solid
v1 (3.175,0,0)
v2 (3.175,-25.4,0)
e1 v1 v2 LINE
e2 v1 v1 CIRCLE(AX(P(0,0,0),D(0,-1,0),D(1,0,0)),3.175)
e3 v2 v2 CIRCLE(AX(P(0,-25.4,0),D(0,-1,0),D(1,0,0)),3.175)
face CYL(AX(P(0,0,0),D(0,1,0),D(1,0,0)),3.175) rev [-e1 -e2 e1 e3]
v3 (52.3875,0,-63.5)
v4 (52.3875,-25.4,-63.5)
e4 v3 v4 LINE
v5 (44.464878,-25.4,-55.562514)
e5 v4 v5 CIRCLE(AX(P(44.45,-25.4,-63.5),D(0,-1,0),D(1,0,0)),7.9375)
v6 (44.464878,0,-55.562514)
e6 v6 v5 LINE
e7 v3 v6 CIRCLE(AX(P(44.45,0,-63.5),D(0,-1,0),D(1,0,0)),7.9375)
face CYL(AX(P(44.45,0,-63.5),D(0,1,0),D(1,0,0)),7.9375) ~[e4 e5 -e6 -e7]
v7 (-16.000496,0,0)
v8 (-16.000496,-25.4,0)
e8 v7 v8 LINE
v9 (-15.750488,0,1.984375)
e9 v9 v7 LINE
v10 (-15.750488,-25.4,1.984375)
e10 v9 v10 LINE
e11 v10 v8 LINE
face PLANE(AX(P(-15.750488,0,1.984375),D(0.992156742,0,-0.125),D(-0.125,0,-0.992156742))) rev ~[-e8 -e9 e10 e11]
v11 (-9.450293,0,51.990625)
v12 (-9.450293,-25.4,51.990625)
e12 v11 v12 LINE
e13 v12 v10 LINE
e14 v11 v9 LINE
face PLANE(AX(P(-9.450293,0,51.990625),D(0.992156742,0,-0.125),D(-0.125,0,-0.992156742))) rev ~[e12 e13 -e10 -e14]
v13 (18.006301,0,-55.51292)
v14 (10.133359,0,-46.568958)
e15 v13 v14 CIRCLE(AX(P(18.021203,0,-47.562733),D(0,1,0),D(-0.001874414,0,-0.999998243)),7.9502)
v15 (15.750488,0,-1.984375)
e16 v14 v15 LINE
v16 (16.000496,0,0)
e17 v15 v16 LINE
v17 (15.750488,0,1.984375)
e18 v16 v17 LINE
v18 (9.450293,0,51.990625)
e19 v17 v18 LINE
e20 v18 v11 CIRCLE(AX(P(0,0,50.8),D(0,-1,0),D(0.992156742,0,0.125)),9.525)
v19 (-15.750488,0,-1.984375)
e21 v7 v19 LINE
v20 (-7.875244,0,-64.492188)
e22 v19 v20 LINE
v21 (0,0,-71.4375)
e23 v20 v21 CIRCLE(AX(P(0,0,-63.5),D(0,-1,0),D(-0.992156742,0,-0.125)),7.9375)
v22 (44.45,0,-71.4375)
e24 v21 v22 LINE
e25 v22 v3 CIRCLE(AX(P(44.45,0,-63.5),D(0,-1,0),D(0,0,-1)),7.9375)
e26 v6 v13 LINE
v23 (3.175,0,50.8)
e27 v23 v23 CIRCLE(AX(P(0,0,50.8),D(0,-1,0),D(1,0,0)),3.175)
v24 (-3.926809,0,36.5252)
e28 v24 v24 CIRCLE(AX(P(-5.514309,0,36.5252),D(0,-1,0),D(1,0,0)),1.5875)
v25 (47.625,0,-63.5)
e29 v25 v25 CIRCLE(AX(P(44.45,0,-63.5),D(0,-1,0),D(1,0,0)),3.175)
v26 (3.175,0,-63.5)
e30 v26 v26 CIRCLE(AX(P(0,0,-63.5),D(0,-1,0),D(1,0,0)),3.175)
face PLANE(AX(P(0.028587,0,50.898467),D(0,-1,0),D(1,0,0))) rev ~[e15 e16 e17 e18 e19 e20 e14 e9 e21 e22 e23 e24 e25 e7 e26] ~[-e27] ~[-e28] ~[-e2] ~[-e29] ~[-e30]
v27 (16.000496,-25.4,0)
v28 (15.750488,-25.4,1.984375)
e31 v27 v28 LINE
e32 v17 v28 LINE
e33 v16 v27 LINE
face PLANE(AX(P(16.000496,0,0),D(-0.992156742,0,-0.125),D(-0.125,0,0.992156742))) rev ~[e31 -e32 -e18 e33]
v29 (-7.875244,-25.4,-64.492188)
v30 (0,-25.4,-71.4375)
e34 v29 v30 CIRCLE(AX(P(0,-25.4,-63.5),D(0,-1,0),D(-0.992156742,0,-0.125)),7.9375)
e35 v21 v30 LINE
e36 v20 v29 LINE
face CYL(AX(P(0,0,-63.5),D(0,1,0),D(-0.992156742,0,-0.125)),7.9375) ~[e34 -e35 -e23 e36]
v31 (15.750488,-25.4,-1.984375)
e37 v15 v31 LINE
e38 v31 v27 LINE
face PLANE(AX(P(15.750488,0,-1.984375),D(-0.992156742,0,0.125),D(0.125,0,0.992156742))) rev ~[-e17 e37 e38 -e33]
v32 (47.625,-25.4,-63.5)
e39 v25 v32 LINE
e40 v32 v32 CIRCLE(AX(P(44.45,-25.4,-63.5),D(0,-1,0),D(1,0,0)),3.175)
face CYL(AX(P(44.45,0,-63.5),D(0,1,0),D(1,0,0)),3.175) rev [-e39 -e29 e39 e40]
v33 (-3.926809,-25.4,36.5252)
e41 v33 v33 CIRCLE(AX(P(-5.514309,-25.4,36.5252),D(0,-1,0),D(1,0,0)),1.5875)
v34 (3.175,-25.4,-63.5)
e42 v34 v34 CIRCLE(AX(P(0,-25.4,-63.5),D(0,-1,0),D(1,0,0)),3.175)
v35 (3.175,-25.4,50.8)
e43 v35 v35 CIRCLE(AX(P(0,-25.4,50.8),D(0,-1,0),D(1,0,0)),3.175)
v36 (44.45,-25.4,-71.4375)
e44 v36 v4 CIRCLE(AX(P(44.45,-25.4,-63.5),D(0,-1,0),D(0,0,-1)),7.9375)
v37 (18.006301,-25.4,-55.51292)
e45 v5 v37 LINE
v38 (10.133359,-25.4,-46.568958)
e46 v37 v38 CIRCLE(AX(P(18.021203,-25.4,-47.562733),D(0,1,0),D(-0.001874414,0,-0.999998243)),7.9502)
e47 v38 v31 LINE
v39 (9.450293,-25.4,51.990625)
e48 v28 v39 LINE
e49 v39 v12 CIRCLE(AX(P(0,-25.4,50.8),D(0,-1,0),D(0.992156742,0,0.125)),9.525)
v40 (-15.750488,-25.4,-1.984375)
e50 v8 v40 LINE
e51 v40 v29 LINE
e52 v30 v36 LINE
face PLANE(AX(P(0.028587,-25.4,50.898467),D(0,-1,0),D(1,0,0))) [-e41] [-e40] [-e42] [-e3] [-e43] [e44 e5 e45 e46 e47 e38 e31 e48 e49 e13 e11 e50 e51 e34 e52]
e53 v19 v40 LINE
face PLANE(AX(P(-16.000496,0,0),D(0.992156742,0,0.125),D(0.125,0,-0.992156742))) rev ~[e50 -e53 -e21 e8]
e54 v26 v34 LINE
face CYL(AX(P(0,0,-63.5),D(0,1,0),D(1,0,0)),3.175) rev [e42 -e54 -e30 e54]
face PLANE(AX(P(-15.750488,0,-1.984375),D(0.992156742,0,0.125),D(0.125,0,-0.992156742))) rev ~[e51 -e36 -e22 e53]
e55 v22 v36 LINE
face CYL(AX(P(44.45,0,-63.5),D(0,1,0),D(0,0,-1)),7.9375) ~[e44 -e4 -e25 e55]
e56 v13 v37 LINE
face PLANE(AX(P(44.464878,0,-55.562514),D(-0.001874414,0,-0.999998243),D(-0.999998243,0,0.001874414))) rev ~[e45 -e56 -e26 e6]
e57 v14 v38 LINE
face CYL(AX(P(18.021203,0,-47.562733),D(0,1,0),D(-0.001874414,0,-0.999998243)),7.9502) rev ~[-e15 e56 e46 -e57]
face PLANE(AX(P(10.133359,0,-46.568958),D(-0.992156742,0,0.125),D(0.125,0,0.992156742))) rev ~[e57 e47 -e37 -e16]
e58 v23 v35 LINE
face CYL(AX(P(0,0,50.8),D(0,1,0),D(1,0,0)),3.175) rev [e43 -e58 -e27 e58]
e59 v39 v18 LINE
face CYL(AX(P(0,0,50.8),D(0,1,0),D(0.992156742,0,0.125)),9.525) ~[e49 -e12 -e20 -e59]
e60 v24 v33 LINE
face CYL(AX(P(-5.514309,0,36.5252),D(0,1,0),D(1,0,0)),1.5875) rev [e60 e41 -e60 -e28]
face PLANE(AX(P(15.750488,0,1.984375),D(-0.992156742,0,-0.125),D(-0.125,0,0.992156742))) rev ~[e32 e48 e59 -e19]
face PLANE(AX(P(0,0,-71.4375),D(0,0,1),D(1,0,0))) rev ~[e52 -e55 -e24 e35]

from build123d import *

# Parameters (mm, degrees)
F0_R     = 3.175
F1_DEPTH = 3.048
F0_R_2   = 1.5875
F2_DEPTH = 25.4


with BuildPart() as f1:
    # F0 (on Front) → F1 (new body)
    with BuildSketch(Plane.XZ):
        with BuildLine():
            ThreePointArc((-9.4502929642, 51.990625), (-0.596483242, 41.2936951058), (9.525, 50.8))
            ThreePointArc((9.525, 50.8), (9.5063048942, 51.396483242), (9.4502929642, 51.990625))
            ThreePointArc((9.4502929642, 51.990625), (0, 60.325), (-9.4502929642, 51.990625))
        make_face()
        with Locations((0, 50.8)):
            Circle(F0_R, mode=Mode.SUBTRACT)
    extrude(amount=F1_DEPTH)

    # F0 (on Front) → F2 (join)
    with BuildSketch(Plane.XZ):
        with BuildLine():
            ThreePointArc((-9.4502929642, 51.990625), (-0.596483242, 41.2936951058), (9.525, 50.8))
            ThreePointArc((9.525, 50.8), (9.5063048942, 51.396483242), (9.4502929642, 51.990625))
            ThreePointArc((9.4502929642, 51.990625), (0, 60.325), (-9.4502929642, 51.990625))
        make_face()
        with Locations((0, 50.8)):
            Circle(F0_R, mode=Mode.SUBTRACT)
        with BuildLine():
            ThreePointArc((9.4502929642, 51.990625), (9.5063048942, 51.396483242), (9.525, 50.8))
            ThreePointArc((9.525, 50.8), (-0.596483242, 41.2936951058), (-9.4502929642, 51.990625))
            Line((-9.4502929642, 51.990625), (-15.7504882831, 1.9843749253))
            ThreePointArc((-15.7504882831, 1.9843749253), (-5.14e-08, 15.875), (15.7504882702, 1.9843750273))
            Line((15.7504882702, 1.9843750273), (9.4502929642, 51.990625))
        make_face()
        with Locations((-5.5143092759, 36.5252)):
            Circle(F0_R_2, mode=Mode.SUBTRACT)
        with BuildLine():
            Line((16.0004960241, 0), (15.7504882702, 1.9843750273))
            ThreePointArc((15.7504882702, 1.9843750273), (15.8438414895, 0.9941387503), (15.875, 0))
            ThreePointArc((15.875, 0), (15.8438414955, -0.9941386557), (15.750488294, -1.984374839))
            Line((15.750488294, -1.984374839), (16.0004960241, 0))
        make_face()
        with BuildLine():
            ThreePointArc((15.875, 0), (15.8438414895, 0.9941387503), (15.7504882702, 1.9843750273))
            ThreePointArc((15.7504882702, 1.9843750273), (-5.14e-08, 15.875), (-15.7504882831, 1.9843749253))
            ThreePointArc((-15.7504882831, 1.9843749253), (-15.875, -4.91e-08), (-15.7504882708, -1.9843750227))
            ThreePointArc((-15.7504882708, -1.9843750227), (9.26e-08, -15.875), (15.750488294, -1.984374839))
            ThreePointArc((15.750488294, -1.984374839), (15.8438414955, -0.9941386557), (15.875, 0))
        make_face()
        Circle(F0_R, mode=Mode.SUBTRACT)
        with BuildLine():
            ThreePointArc((-15.7504882708, -1.9843750227), (-15.875, -4.91e-08), (-15.7504882831, 1.9843749253))
            Line((-15.7504882831, 1.9843749253), (-16.0004960241, 0))
            Line((-16.0004960241, 0), (-15.7504882708, -1.9843750227))
        make_face()
        with BuildLine():
            ThreePointArc((15.750488294, -1.984374839), (9.26e-08, -15.875), (-15.7504882708, -1.9843750227))
            Line((-15.7504882708, -1.9843750227), (-7.8752441368, -64.4921875))
            ThreePointArc((-7.8752441368, -64.4921875), (-0.4970693683, -55.5780792548), (7.9375, -63.5))
            ThreePointArc((7.9375, -63.5), (5.6126600757, -69.1126600757), (0, -71.4375))
            Line((0, -71.4375), (44.45, -71.4375))
            ThreePointArc((44.45, -71.4375), (36.512503486, -63.4925609158), (44.4648781619, -55.5625139439))
            Line((44.4648781619, -55.5625139439), (18.0063012994, -55.5129195273))
            ThreePointArc((18.0063012994, -55.5129195273), (12.0536275205, -52.8157059624), (10.1333587389, -46.5689584936))
            Line((10.1333587389, -46.5689584936), (15.750488294, -1.984374839))
        make_face()
        with BuildLine():
            ThreePointArc((7.9375, -63.5), (-0.4970693683, -55.5780792548), (-7.8752441368, -64.4921875))
            ThreePointArc((-7.8752441368, -64.4921875), (-5.2501627579, -69.453125), (0, -71.4375))
            ThreePointArc((0, -71.4375), (5.6126600757, -69.1126600757), (7.9375, -63.5))
        make_face()
        with Locations((0, -63.5)):
            Circle(F0_R, mode=Mode.SUBTRACT)
        with BuildLine():
            ThreePointArc((44.4648781619, -55.5625139439), (36.512503486, -63.4925609158), (44.45, -71.4375))
            ThreePointArc((44.45, -71.4375), (50.0626600757, -69.1126600757), (52.3875, -63.5))
            ThreePointArc((52.3875, -63.5), (50.0679178376, -57.8926026162), (44.4648781619, -55.5625139439))
        make_face()
        with Locations((44.45, -63.5)):
            Circle(F0_R, mode=Mode.SUBTRACT)
    extrude(amount=F2_DEPTH)


solid = f1.part
